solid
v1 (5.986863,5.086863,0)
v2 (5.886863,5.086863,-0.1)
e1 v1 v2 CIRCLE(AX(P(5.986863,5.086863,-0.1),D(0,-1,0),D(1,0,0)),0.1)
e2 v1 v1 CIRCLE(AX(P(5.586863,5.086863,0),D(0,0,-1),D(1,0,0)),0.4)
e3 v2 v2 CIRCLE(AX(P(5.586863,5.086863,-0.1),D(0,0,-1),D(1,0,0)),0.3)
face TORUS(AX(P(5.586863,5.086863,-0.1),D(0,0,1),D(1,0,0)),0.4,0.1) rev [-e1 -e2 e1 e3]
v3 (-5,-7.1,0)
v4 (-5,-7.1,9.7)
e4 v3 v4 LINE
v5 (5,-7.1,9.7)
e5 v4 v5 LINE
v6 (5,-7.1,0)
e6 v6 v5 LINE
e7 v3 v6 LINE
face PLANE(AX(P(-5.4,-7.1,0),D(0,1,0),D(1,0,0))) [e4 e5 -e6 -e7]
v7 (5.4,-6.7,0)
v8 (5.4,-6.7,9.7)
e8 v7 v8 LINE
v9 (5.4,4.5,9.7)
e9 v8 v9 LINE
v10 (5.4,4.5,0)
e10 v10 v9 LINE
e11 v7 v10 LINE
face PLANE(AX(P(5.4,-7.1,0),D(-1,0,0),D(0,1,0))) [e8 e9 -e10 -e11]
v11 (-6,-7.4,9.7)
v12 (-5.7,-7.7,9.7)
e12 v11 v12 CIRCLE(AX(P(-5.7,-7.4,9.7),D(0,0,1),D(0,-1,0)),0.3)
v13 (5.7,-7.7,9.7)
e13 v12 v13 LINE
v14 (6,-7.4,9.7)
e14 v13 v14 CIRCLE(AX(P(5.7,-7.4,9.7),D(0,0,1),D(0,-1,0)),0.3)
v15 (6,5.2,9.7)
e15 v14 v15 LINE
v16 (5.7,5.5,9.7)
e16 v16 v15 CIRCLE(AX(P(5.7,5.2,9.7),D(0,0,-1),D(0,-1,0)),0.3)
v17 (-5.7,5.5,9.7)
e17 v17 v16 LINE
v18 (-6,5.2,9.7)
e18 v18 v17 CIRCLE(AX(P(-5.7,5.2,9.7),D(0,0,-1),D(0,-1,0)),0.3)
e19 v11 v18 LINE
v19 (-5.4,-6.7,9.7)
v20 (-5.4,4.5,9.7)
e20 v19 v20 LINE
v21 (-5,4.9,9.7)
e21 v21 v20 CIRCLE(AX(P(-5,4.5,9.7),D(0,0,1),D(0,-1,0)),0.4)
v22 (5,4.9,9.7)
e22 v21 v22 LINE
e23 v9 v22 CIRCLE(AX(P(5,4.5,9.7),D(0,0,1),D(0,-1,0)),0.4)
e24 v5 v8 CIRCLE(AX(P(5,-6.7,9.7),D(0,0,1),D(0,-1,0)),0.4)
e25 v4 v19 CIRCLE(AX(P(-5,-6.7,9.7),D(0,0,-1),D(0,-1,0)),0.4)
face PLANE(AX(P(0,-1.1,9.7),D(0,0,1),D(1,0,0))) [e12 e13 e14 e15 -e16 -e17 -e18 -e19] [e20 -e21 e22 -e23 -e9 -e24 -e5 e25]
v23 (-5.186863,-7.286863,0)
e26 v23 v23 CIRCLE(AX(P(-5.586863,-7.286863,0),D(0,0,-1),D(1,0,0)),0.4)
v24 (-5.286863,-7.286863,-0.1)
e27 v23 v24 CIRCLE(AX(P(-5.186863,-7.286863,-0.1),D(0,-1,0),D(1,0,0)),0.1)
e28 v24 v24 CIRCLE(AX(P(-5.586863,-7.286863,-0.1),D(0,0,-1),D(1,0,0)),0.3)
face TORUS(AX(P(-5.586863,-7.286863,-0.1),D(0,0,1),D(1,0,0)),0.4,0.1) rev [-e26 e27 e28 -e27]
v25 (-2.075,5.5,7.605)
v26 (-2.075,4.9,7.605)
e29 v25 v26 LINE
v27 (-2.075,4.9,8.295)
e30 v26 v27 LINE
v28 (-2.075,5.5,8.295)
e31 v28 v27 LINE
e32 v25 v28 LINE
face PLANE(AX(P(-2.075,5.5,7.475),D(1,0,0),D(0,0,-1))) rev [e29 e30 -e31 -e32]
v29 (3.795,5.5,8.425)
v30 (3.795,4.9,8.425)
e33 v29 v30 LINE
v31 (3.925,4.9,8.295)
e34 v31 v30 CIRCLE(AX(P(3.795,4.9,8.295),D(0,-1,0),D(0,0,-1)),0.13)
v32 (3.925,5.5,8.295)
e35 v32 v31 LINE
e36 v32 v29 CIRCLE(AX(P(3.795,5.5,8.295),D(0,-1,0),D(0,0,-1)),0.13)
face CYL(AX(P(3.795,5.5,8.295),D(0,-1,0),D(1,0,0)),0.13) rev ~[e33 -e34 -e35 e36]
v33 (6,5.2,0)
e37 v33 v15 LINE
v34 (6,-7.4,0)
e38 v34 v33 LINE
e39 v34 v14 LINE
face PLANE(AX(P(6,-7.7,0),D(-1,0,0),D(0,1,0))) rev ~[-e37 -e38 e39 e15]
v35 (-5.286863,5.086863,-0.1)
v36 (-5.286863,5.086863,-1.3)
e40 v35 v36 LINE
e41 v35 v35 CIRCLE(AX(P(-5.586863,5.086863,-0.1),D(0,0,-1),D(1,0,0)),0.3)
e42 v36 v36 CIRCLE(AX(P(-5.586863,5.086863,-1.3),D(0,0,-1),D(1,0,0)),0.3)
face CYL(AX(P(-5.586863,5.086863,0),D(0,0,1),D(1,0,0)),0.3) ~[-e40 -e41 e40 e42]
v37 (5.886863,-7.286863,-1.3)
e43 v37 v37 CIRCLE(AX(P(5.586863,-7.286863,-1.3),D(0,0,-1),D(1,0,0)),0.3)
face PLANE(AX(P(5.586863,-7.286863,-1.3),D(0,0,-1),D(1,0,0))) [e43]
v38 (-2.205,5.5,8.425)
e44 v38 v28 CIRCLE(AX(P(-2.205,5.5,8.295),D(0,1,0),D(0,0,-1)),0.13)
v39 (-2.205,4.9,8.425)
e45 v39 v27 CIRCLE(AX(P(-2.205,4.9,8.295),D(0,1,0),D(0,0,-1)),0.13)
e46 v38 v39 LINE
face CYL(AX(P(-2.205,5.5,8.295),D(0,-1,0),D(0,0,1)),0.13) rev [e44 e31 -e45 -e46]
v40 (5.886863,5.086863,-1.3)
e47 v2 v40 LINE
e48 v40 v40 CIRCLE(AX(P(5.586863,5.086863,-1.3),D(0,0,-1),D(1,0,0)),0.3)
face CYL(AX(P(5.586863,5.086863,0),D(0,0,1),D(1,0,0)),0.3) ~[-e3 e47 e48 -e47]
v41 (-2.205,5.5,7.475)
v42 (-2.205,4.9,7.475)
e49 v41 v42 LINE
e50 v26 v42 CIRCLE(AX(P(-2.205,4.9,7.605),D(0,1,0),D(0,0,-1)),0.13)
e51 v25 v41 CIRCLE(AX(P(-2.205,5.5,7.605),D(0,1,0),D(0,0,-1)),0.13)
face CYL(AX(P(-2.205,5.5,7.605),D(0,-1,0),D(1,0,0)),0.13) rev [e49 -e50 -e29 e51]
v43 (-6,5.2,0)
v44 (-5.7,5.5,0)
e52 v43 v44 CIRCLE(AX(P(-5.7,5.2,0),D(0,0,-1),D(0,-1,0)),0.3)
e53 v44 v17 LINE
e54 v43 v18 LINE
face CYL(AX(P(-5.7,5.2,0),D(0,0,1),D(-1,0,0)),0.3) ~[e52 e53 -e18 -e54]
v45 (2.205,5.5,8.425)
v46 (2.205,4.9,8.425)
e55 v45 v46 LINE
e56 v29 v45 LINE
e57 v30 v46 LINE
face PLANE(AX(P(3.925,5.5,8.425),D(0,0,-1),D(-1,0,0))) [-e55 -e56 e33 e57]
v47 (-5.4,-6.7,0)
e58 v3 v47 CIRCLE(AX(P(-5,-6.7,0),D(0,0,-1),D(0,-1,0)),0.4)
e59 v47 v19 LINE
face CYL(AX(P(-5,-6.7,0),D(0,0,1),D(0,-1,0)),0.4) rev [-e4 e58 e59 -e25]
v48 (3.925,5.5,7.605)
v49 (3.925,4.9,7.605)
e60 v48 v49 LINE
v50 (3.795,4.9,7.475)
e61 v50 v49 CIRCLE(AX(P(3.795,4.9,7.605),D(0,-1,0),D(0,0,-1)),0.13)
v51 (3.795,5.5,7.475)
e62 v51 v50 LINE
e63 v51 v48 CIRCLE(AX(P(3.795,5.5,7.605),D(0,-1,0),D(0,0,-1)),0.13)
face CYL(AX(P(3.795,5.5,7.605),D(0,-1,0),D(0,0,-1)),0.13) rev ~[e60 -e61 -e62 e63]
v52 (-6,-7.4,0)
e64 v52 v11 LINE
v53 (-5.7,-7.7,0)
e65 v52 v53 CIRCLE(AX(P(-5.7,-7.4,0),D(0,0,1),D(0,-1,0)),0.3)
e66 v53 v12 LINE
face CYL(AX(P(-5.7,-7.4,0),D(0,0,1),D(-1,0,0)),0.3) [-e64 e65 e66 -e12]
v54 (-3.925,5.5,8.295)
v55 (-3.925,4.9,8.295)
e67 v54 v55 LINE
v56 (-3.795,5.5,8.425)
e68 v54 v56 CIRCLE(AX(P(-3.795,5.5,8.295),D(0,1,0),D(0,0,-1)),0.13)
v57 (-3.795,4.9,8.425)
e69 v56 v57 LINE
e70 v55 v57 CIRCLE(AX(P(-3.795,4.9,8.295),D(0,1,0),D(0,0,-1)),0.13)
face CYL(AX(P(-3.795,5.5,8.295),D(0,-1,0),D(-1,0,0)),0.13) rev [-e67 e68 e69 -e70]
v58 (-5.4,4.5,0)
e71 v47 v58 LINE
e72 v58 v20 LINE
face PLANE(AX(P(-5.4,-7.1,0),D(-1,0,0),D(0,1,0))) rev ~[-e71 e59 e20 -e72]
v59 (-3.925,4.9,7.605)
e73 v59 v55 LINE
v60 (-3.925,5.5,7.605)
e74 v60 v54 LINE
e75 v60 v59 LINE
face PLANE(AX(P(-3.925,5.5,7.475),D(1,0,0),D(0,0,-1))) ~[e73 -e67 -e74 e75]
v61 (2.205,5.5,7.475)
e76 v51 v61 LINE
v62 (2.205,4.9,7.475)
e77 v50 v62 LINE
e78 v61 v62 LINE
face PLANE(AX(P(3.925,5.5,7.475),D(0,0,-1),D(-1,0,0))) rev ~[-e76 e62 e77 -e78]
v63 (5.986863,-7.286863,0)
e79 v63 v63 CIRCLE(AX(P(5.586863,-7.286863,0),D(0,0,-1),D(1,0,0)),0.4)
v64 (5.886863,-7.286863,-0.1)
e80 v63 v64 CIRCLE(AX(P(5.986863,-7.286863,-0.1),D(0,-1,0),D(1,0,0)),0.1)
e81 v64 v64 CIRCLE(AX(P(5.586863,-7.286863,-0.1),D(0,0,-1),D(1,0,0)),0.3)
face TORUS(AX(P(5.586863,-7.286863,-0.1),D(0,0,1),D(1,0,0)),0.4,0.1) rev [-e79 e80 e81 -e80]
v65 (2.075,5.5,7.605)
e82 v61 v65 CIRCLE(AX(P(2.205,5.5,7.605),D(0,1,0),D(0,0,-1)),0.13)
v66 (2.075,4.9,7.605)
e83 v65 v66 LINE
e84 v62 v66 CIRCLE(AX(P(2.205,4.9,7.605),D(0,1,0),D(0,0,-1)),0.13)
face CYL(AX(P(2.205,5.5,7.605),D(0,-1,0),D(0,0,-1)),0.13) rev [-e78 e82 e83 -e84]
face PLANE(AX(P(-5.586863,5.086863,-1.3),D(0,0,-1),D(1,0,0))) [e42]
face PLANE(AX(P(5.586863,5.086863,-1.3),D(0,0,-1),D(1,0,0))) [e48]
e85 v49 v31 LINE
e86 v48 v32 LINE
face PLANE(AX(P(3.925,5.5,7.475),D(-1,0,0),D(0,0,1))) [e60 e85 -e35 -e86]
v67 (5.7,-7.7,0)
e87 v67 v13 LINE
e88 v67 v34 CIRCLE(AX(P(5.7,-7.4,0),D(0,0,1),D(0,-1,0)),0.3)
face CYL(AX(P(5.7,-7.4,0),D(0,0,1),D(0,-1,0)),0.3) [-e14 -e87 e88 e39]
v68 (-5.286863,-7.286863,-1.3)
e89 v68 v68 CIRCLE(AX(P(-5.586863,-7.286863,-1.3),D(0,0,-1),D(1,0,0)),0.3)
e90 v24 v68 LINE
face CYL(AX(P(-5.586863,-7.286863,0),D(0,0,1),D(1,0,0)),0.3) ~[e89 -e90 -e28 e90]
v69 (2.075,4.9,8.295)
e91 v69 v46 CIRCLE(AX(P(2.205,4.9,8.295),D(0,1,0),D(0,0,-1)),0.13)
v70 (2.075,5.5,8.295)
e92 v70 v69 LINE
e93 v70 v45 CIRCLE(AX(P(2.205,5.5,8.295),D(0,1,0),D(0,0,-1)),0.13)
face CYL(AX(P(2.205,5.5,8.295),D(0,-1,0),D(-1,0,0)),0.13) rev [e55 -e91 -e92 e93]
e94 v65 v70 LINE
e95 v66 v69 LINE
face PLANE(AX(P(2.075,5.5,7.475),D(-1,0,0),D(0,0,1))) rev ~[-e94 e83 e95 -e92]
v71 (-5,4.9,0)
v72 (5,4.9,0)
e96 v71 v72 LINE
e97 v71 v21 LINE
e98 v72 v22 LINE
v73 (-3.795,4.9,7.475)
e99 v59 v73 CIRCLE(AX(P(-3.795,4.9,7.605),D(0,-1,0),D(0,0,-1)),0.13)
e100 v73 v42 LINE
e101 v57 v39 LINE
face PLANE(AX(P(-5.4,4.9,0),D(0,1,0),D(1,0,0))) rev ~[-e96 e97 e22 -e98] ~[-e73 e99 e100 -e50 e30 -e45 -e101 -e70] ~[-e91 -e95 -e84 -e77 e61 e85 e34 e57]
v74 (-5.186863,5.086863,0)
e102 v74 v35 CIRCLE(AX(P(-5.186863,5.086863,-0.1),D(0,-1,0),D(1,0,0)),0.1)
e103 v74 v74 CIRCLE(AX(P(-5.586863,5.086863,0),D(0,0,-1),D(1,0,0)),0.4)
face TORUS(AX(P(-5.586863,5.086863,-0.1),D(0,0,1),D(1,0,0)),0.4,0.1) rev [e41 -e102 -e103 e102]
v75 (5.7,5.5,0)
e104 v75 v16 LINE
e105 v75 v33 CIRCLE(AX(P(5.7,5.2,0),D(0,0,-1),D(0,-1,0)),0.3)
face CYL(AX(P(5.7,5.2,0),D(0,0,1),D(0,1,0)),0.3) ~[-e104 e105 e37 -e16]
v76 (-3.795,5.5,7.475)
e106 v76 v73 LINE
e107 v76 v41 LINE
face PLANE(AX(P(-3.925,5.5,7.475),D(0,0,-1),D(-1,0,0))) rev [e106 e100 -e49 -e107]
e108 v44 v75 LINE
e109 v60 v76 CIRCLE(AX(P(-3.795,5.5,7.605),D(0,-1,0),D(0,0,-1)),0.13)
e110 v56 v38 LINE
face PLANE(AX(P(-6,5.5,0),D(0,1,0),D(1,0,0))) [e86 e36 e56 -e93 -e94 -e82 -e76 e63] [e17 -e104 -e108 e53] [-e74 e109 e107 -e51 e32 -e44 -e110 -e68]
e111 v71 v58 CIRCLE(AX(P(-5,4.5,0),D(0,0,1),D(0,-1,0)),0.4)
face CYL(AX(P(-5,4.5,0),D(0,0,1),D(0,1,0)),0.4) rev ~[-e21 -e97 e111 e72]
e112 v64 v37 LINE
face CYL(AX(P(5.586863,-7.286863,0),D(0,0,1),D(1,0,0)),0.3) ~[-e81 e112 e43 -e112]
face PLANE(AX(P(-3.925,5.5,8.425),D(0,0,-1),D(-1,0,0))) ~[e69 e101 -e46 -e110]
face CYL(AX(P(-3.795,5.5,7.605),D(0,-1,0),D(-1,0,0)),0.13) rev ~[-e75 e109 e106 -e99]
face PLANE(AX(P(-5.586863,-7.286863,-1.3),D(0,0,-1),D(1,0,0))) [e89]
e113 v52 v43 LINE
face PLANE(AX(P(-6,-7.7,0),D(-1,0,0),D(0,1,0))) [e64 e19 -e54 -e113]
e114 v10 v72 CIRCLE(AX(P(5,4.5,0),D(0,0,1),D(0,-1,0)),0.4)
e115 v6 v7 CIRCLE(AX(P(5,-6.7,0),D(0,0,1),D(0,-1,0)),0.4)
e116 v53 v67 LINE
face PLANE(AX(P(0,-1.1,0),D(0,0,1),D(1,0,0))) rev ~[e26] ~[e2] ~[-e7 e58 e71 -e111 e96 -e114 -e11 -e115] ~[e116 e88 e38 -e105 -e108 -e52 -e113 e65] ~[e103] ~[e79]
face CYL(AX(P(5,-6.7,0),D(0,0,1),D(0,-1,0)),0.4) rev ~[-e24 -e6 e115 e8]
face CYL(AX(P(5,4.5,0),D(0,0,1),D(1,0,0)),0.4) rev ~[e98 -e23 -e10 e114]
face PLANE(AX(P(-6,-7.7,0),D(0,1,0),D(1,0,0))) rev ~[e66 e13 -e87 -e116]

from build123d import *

# Parameters (mm, degrees)
SKETCH005_W     = 12
SKETCH005_H     = 13.2
SKETCH005_W_2   = 10.8
SKETCH005_H_2   = 12
PAD003_DEPTH    = 9.7
FILLET005_R     = 0.3
FILLET006_R     = 0.4
SKETCH006_W     = 1.85
SKETCH006_H     = 0.95
POCKET002_DEPTH = 0.6
FILLET007_R     = 0.13
SKETCH007_R     = 0.3
PAD004_DEPTH    = 1.3
FILLET008_R     = 0.1


with BuildPart() as part:
    # Sketch005 → Pad003 (new body)
    with BuildSketch(Plane.XY):
        with Locations((0, -1.1)):
            Rectangle(SKETCH005_W, SKETCH005_H)
        with Locations((0, -1.1)):
            Rectangle(SKETCH005_W_2, SKETCH005_H_2, mode=Mode.SUBTRACT)
    extrude(amount=PAD003_DEPTH)

    # Fillet005
    fillet005_edges = [part.edges().sort_by_distance(p)[0] for p in [
        (-6, 5.5, 4.85),
        (-6, -7.7, 4.85),
        (6, -7.7, 4.85),
        (6, 5.5, 4.85),
    ]]
    fillet(fillet005_edges, radius=FILLET005_R)

    # Fillet006
    fillet006_edges = [part.edges().sort_by_distance(p)[0] for p in [
        (-5.4, -7.1, 4.85),
        (-5.4, 4.9, 4.85),
        (5.4, -7.1, 4.85),
        (5.4, 4.9, 4.85),
    ]]
    fillet(fillet006_edges, radius=FILLET006_R)

    # Sketch006 (on Face10 of Fillet006) → Pocket002 (cut)
    with BuildSketch(Plane(origin=(0, 5.5, 0), x_dir=(-1, 0, 0), z_dir=(0, 1, 0))):
        with Locations((-3, 7.95)):
            Rectangle(SKETCH006_W, SKETCH006_H)
    pocket002 = extrude(amount=-POCKET002_DEPTH, mode=Mode.SUBTRACT)

    # Mirrored001: Pocket002 across Sketch006 V_Axis
    add(pocket002.mirror(Plane(origin=(0, 5.5, 0), x_dir=(0, 1, 0), z_dir=(-1, 0, 0))), mode=Mode.SUBTRACT)

    # Fillet007
    fillet007_edges = [part.edges().sort_by_distance(p)[0] for p in [
        (2.075, 5.2, 8.425),
        (2.075, 5.2, 7.475),
        (-3.925, 5.2, 7.475),
        (-3.925, 5.2, 8.425),
        (-2.075, 5.2, 8.425),
        (-2.075, 5.2, 7.475),
        (3.925, 5.2, 7.475),
        (3.925, 5.2, 8.425),
    ]]
    fillet(fillet007_edges, radius=FILLET007_R)

    # Sketch007 (on Face10 of Fillet007) → Pad004 (join)
    with BuildSketch(Plane(origin=(0, 0, 0), x_dir=(1, 0, 0), z_dir=(0, 0, -1))):
        with Locations((-5.586863, 7.286863)):
            Circle(SKETCH007_R)
        with Locations((5.586863, 7.286863)):
            Circle(SKETCH007_R)
        with Locations((-5.586863, -5.086863)):
            Circle(SKETCH007_R)
        with Locations((5.586863, -5.086863)):
            Circle(SKETCH007_R)
    extrude(amount=PAD004_DEPTH)

    # Fillet008
    fillet008_edges = [part.edges().sort_by_distance(p)[0] for p in [
        (5.286863, 5.086863, 0),
        (-5.886863, 5.086863, 0),
        (-5.886863, -7.286863, 0),
        (5.286863, -7.286863, 0),
    ]]
    fillet(fillet008_edges, radius=FILLET008_R)


solid = part.part
